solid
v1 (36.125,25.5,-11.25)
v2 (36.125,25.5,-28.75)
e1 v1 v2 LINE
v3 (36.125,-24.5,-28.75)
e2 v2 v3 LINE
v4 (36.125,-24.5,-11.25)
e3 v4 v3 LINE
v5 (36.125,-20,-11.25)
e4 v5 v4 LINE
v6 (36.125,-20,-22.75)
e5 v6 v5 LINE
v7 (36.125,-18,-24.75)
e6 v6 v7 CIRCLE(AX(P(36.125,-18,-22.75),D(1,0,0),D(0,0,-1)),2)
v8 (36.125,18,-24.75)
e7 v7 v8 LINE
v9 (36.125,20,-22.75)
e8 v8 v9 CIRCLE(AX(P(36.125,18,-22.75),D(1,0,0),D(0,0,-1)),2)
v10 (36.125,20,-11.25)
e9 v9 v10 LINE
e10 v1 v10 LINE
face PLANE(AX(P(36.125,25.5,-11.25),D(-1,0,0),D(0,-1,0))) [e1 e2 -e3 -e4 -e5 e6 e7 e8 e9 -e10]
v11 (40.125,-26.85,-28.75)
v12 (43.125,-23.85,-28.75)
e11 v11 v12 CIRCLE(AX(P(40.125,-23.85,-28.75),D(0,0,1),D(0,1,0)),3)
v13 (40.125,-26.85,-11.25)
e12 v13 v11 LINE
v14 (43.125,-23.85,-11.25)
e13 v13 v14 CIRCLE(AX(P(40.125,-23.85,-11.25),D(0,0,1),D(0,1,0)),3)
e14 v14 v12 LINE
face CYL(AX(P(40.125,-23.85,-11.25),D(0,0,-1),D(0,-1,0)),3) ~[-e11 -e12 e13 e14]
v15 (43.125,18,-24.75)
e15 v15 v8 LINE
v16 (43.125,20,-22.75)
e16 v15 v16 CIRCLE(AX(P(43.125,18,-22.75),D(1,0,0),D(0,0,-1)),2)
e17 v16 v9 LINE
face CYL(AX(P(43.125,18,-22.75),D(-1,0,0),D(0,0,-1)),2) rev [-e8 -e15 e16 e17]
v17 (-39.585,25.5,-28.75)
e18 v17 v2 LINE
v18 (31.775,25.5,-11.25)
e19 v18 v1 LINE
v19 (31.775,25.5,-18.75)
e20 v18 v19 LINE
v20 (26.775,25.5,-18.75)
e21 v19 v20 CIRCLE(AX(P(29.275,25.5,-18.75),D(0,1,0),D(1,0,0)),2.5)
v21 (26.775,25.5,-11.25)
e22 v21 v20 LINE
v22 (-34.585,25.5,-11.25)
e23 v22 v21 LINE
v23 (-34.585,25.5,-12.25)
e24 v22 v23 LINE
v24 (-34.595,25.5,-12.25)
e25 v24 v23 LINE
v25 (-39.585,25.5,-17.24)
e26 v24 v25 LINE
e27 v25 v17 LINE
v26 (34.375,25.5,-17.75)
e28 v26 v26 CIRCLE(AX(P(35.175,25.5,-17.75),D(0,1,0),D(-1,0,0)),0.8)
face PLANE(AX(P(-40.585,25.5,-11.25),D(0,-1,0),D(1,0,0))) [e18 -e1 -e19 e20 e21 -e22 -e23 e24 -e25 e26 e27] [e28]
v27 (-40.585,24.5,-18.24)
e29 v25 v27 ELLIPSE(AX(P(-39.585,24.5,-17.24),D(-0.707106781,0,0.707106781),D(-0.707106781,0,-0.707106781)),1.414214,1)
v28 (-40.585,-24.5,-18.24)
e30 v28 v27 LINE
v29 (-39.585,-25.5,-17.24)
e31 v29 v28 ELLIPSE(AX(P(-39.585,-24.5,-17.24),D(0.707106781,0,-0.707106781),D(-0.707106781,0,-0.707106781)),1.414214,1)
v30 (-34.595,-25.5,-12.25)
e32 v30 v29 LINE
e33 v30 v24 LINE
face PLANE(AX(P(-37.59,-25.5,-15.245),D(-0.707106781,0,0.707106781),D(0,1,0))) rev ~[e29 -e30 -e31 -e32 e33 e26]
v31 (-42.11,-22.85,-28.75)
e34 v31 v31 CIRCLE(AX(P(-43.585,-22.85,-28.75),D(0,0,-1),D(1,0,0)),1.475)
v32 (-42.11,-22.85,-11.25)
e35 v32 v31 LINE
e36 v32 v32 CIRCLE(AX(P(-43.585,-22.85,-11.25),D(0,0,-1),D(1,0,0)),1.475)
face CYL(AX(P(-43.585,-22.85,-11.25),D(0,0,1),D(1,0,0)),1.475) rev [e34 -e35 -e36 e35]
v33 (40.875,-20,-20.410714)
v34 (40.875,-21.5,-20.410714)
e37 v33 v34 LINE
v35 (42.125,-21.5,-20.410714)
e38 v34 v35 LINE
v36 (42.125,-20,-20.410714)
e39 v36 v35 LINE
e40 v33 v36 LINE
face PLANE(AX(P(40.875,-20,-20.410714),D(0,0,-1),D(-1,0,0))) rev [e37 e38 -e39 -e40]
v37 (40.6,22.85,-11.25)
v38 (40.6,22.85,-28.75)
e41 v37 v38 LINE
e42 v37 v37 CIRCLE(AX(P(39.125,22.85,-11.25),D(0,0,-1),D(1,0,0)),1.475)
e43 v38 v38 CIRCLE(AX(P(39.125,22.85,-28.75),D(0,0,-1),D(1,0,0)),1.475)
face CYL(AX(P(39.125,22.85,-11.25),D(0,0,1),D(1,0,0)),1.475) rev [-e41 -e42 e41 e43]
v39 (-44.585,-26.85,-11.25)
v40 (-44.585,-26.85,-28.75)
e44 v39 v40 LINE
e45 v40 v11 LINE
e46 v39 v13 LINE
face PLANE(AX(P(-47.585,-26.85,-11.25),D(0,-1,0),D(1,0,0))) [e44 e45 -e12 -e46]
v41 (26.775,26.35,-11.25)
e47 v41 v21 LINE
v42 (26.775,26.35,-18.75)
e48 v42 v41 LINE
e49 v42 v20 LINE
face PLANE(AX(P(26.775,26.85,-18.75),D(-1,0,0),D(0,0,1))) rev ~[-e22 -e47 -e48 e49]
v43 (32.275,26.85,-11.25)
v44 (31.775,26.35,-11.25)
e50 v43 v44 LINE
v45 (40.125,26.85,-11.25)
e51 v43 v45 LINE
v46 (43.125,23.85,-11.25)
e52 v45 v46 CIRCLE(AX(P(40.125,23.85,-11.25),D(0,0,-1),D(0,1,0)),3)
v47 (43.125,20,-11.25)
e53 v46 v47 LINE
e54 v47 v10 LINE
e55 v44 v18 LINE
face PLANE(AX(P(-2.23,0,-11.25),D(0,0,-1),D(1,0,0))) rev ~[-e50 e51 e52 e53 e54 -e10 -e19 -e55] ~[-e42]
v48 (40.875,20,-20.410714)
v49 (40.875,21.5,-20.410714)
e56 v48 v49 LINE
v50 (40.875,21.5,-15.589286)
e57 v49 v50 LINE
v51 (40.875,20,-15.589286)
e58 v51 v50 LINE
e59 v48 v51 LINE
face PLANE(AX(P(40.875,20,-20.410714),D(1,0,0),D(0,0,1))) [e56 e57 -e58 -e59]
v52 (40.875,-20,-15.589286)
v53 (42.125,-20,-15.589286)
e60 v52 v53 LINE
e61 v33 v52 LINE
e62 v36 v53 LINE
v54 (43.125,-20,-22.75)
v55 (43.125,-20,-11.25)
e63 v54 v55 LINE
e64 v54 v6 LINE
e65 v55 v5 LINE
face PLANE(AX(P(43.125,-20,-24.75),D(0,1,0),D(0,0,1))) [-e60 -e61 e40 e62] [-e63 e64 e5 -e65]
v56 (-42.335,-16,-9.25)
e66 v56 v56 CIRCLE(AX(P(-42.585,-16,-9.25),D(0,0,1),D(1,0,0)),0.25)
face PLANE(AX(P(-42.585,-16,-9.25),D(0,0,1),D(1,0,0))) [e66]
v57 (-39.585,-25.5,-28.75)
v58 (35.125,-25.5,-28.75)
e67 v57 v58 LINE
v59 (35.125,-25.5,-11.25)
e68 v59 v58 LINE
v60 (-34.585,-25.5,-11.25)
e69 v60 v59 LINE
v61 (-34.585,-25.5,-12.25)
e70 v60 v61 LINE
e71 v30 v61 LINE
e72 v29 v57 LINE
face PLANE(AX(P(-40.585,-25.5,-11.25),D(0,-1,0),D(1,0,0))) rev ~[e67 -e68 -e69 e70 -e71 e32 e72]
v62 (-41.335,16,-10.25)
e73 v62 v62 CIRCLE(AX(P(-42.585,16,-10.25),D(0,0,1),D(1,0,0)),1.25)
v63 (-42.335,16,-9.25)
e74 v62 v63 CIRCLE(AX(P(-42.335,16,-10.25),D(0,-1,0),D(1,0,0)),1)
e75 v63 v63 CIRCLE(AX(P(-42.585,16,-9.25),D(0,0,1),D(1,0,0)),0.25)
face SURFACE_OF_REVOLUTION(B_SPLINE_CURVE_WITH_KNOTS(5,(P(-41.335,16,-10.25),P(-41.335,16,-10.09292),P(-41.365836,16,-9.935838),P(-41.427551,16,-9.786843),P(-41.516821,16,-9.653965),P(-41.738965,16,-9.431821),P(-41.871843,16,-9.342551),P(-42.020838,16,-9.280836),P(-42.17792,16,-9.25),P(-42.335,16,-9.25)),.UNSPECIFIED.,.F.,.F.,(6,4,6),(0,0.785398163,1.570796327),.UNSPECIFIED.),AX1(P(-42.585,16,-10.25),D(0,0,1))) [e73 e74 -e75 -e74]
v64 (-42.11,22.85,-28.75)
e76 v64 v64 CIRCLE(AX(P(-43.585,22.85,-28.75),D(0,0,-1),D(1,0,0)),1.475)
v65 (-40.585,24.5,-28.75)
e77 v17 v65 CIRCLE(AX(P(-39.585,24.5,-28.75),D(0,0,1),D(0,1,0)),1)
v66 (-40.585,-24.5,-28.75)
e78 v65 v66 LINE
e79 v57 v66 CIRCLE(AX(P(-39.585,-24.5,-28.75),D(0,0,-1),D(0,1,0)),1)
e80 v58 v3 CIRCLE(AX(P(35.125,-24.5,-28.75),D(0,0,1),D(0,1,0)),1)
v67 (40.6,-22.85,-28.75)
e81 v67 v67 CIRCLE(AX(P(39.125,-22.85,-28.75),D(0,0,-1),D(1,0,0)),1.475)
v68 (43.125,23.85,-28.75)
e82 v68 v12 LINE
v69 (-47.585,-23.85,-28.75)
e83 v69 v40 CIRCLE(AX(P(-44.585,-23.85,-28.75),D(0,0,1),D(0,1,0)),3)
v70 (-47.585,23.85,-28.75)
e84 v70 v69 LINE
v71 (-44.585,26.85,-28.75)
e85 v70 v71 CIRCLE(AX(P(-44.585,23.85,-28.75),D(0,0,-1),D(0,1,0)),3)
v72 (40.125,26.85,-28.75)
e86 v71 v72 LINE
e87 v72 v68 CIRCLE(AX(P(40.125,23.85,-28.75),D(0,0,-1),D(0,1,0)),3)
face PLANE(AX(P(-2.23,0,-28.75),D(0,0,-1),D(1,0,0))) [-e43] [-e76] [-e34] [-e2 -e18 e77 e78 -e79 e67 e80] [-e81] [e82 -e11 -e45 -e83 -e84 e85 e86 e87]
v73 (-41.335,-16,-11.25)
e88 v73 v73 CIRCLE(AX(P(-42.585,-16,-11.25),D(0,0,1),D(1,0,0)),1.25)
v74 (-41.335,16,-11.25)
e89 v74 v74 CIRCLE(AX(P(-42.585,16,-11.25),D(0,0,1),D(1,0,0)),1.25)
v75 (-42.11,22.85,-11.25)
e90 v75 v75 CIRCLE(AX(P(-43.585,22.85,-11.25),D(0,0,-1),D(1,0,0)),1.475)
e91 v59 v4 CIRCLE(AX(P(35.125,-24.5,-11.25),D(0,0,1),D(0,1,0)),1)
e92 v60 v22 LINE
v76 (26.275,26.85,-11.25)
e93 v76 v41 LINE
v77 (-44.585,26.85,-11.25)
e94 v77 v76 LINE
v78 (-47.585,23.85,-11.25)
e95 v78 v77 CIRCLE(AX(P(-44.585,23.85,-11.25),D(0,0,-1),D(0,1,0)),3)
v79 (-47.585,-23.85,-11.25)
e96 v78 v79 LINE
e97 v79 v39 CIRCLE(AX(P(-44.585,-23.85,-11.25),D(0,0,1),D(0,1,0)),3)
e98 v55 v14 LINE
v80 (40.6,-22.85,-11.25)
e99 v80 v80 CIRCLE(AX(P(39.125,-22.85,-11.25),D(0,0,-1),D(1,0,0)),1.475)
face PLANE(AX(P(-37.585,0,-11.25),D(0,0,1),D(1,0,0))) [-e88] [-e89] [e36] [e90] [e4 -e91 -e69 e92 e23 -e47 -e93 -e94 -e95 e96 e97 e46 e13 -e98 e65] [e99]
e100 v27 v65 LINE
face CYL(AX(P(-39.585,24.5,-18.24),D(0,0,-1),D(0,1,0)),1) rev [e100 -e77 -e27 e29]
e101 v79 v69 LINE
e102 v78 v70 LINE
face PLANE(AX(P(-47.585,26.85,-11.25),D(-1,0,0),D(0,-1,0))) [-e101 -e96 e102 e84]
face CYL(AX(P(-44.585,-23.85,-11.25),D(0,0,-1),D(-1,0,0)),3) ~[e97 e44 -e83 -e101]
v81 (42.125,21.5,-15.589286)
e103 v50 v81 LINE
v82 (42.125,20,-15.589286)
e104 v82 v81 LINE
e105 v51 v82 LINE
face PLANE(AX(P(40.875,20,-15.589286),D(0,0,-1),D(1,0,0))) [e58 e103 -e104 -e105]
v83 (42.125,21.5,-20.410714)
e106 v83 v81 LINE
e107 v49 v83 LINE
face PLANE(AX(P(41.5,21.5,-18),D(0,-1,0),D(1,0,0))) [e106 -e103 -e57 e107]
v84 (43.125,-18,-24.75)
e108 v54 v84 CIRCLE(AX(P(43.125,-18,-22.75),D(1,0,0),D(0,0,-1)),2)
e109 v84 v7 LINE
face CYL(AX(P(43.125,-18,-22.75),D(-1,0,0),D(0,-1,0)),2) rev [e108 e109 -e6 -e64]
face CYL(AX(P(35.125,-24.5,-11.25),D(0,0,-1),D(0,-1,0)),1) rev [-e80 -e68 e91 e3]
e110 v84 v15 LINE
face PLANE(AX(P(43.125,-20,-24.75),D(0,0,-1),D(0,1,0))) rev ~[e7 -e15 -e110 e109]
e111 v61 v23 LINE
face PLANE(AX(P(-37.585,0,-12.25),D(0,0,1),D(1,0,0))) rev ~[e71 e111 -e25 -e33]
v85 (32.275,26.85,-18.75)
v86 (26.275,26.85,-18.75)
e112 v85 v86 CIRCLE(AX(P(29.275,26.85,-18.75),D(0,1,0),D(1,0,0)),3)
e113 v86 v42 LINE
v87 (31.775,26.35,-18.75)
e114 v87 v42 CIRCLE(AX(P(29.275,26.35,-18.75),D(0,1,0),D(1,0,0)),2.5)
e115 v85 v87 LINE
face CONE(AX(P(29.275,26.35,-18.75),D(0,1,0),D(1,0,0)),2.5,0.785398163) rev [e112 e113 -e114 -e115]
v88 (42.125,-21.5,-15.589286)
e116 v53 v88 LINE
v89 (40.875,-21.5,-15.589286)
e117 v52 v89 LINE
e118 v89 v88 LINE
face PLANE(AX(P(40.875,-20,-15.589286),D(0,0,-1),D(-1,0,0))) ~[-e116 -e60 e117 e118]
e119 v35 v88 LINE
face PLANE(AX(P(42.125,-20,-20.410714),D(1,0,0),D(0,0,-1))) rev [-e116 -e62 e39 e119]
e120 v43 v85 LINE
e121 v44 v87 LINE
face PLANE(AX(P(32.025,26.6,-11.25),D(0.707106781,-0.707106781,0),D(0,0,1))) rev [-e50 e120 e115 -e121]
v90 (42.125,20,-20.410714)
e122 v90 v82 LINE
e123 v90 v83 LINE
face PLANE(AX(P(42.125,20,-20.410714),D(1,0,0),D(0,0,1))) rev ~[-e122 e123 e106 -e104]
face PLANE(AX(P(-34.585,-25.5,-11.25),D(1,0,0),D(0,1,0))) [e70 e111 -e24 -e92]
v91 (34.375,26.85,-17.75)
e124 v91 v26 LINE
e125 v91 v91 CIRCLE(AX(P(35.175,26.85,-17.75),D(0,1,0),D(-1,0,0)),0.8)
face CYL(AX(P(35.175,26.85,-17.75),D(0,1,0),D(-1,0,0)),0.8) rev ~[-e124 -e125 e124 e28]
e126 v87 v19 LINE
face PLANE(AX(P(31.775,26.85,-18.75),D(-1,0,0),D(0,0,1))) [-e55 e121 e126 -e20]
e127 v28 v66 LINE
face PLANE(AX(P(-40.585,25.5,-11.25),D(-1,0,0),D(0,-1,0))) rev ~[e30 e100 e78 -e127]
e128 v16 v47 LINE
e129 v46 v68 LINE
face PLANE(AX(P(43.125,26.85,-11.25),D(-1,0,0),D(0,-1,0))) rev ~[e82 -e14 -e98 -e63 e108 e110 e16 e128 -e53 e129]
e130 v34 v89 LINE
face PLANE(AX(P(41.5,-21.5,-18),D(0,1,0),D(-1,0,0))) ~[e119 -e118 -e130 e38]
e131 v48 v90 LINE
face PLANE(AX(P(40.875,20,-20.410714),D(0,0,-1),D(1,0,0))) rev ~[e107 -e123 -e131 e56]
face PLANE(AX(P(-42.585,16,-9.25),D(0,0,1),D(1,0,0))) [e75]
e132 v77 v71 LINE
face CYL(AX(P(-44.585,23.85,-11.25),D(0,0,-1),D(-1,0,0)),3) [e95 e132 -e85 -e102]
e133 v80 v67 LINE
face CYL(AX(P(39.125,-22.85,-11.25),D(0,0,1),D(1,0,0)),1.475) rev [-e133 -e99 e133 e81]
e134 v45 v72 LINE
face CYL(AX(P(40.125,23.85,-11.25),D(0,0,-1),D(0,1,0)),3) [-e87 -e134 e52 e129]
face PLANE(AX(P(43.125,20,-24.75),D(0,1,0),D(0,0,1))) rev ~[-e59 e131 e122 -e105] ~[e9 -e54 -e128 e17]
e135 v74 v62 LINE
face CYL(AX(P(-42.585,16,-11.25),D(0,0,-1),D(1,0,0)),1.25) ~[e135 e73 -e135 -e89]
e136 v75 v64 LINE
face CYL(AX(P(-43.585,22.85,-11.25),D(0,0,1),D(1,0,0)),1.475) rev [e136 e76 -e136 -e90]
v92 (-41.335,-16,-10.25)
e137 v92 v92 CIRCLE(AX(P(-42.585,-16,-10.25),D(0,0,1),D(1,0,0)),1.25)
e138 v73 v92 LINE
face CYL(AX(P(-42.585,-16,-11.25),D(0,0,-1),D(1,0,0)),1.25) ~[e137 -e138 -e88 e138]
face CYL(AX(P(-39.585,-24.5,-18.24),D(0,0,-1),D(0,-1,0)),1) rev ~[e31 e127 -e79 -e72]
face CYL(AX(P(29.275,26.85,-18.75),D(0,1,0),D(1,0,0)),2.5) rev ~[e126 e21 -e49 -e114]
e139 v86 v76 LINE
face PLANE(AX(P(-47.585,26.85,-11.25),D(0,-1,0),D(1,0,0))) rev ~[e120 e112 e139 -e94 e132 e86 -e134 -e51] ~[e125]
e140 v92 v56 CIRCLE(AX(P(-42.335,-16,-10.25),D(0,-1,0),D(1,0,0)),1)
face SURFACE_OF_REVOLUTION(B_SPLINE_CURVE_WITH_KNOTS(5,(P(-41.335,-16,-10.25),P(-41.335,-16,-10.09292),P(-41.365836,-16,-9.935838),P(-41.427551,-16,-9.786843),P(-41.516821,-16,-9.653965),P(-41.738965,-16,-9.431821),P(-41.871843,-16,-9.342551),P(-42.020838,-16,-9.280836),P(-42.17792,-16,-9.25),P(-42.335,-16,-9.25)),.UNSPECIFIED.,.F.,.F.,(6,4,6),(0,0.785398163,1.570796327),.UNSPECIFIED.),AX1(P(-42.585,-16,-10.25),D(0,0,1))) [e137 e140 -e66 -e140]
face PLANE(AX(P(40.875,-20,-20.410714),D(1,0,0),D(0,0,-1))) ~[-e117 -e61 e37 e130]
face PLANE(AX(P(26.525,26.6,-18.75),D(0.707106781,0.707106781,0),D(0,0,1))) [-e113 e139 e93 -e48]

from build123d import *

# Parameters (mm, degrees)
SKETCH008_W     = 90.71
SKETCH008_H     = 53.7
SKETCH008_R     = 1.475
SKETCH008_W_2   = 76.71
SKETCH008_H_2   = 51
PAD002_DEPTH    = 17.5
FILLET001_R     = 3
SKETCH009_R     = 0.8
POCKET005_DEPTH = 5
SKETCH010_W     = 40
SKETCH010_H     = 13.5
POCKET006_DEPTH = 7
SKETCH012_W     = 6
SKETCH012_H     = 51
PAD003_DEPTH    = 1
CHAMFER_SIZE    = 5.99
SKETCH015_R     = 1.25
PAD004_DEPTH    = 2
FILLET005_R     = 1
FILLET006_R     = 1
FILLET007_R     = 2
SKETCH016_W     = 1.25
SKETCH016_H     = 4.821428
POCKET009_DEPTH = 1.5
CHAMFER002_SIZE = 0.5


with BuildPart() as part:
    # Sketch008 (on Face1 of CopyCopyHole) → Pad002 (new body)
    with BuildSketch(Plane(origin=(0, 0, -11.25), x_dir=(1, 0, 0), z_dir=(0, 0, -1))):
        with Locations((-2.23, 0)):
            Rectangle(SKETCH008_W, SKETCH008_H)
        with Locations((-43.585, 22.85)):
            Circle(SKETCH008_R, mode=Mode.SUBTRACT)
        with Locations((-43.585, -22.85)):
            Circle(SKETCH008_R, mode=Mode.SUBTRACT)
        with Locations((39.125, 22.85)):
            Circle(SKETCH008_R, mode=Mode.SUBTRACT)
        with Locations((39.125, -22.85)):
            Circle(SKETCH008_R, mode=Mode.SUBTRACT)
        with Locations((-2.23, 0)):
            Rectangle(SKETCH008_W_2, SKETCH008_H_2, mode=Mode.SUBTRACT)
    extrude(amount=PAD002_DEPTH)

    # Fillet001
    fillet001_edges = [part.edges().sort_by_distance(p)[0] for p in [
        (43.125, 26.85, -20),
        (-47.585, 26.85, -20),
        (-47.585, -26.85, -20),
        (43.125, -26.85, -20),
    ]]
    fillet(fillet001_edges, radius=FILLET001_R)

    # Sketch009 (on Face10 of Fillet001) → Pocket005 (cut)
    with BuildSketch(Plane(origin=(0, 26.85, 0), x_dir=(-1, 0, 0), z_dir=(0, 1, 0))):
        with Locations((-35.175, -17.75)):
            Circle(SKETCH009_R)
        with BuildLine():
            ThreePointArc((-31.775, -18.75), (-29.275, -21.25), (-26.775, -18.75))
            Line((-26.775, -18.75), (-26.775, -11.25))
            ThreePointArc((-26.775, -11.25), (-29.275, -8.75), (-31.775, -11.25))
            Line((-31.775, -18.75), (-31.775, -11.25))
        make_face()
    extrude(amount=-POCKET005_DEPTH, mode=Mode.SUBTRACT)

    # Sketch010 (on Face7 of Fillet001) → Pocket006 (cut)
    with BuildSketch(Plane.YZ.offset(43.125)):
        with Locations((0, -18)):
            Rectangle(SKETCH010_W, SKETCH010_H)
    extrude(amount=-POCKET006_DEPTH, mode=Mode.SUBTRACT)

    # Sketch012 (on Face2 of Pocket006) → Pad003 (join)
    with BuildSketch(Plane.XY.offset(-11.25)):
        with Locations((-37.585, 0)):
            Rectangle(SKETCH012_W, SKETCH012_H)
    extrude(amount=-PAD003_DEPTH)

    # Chamfer
    chamfer_edges = [part.edges().sort_by_distance(p)[0] for p in [
        (-40.585, 0, -12.25),
    ]]
    chamfer(chamfer_edges, length=CHAMFER_SIZE)

    # Sketch015 (on Face9 of Chamfer) → Pad004 (join)
    with BuildSketch(Plane.XY.offset(-11.25)):
        with Locations((-42.585, 16)):
            Circle(SKETCH015_R)
        with Locations((-42.585, -16)):
            Circle(SKETCH015_R)
    extrude(amount=PAD004_DEPTH)

    # Fillet005
    fillet005_edges = [part.edges().sort_by_distance(p)[0] for p in [
        (-43.835, -16, -9.25),
        (-43.835, 16, -9.25),
    ]]
    fillet(fillet005_edges, radius=FILLET005_R)

    # Fillet006
    fillet006_edges = [part.edges().sort_by_distance(p)[0] for p in [
        (36.125, -25.5, -20),
        (-40.585, -25.5, -23.495),
        (-40.585, 25.5, -23.495),
    ]]
    fillet(fillet006_edges, radius=FILLET006_R)

    # Fillet007
    fillet007_edges = [part.edges().sort_by_distance(p)[0] for p in [
        (39.625, 20, -24.75),
        (39.625, -20, -24.75),
    ]]
    fillet(fillet007_edges, radius=FILLET007_R)

    # Sketch016 (on Face9 of Fillet007) → Pocket009 (cut)
    with BuildSketch(Plane.XZ.offset(-20)):
        with Locations((41.5, -18)):
            Rectangle(SKETCH016_W, SKETCH016_H)
    pocket009 = extrude(amount=-POCKET009_DEPTH, mode=Mode.SUBTRACT)

    # Mirrored001: Pocket009 across XZ
    add(pocket009.mirror(Plane.XZ), mode=Mode.SUBTRACT)

    # Chamfer002
    chamfer002_edges = [part.edges().sort_by_distance(p)[0] for p in [
        (29.275, 26.85, -21.25),
    ]]
    chamfer(chamfer002_edges, length=CHAMFER002_SIZE)


solid = part.part
